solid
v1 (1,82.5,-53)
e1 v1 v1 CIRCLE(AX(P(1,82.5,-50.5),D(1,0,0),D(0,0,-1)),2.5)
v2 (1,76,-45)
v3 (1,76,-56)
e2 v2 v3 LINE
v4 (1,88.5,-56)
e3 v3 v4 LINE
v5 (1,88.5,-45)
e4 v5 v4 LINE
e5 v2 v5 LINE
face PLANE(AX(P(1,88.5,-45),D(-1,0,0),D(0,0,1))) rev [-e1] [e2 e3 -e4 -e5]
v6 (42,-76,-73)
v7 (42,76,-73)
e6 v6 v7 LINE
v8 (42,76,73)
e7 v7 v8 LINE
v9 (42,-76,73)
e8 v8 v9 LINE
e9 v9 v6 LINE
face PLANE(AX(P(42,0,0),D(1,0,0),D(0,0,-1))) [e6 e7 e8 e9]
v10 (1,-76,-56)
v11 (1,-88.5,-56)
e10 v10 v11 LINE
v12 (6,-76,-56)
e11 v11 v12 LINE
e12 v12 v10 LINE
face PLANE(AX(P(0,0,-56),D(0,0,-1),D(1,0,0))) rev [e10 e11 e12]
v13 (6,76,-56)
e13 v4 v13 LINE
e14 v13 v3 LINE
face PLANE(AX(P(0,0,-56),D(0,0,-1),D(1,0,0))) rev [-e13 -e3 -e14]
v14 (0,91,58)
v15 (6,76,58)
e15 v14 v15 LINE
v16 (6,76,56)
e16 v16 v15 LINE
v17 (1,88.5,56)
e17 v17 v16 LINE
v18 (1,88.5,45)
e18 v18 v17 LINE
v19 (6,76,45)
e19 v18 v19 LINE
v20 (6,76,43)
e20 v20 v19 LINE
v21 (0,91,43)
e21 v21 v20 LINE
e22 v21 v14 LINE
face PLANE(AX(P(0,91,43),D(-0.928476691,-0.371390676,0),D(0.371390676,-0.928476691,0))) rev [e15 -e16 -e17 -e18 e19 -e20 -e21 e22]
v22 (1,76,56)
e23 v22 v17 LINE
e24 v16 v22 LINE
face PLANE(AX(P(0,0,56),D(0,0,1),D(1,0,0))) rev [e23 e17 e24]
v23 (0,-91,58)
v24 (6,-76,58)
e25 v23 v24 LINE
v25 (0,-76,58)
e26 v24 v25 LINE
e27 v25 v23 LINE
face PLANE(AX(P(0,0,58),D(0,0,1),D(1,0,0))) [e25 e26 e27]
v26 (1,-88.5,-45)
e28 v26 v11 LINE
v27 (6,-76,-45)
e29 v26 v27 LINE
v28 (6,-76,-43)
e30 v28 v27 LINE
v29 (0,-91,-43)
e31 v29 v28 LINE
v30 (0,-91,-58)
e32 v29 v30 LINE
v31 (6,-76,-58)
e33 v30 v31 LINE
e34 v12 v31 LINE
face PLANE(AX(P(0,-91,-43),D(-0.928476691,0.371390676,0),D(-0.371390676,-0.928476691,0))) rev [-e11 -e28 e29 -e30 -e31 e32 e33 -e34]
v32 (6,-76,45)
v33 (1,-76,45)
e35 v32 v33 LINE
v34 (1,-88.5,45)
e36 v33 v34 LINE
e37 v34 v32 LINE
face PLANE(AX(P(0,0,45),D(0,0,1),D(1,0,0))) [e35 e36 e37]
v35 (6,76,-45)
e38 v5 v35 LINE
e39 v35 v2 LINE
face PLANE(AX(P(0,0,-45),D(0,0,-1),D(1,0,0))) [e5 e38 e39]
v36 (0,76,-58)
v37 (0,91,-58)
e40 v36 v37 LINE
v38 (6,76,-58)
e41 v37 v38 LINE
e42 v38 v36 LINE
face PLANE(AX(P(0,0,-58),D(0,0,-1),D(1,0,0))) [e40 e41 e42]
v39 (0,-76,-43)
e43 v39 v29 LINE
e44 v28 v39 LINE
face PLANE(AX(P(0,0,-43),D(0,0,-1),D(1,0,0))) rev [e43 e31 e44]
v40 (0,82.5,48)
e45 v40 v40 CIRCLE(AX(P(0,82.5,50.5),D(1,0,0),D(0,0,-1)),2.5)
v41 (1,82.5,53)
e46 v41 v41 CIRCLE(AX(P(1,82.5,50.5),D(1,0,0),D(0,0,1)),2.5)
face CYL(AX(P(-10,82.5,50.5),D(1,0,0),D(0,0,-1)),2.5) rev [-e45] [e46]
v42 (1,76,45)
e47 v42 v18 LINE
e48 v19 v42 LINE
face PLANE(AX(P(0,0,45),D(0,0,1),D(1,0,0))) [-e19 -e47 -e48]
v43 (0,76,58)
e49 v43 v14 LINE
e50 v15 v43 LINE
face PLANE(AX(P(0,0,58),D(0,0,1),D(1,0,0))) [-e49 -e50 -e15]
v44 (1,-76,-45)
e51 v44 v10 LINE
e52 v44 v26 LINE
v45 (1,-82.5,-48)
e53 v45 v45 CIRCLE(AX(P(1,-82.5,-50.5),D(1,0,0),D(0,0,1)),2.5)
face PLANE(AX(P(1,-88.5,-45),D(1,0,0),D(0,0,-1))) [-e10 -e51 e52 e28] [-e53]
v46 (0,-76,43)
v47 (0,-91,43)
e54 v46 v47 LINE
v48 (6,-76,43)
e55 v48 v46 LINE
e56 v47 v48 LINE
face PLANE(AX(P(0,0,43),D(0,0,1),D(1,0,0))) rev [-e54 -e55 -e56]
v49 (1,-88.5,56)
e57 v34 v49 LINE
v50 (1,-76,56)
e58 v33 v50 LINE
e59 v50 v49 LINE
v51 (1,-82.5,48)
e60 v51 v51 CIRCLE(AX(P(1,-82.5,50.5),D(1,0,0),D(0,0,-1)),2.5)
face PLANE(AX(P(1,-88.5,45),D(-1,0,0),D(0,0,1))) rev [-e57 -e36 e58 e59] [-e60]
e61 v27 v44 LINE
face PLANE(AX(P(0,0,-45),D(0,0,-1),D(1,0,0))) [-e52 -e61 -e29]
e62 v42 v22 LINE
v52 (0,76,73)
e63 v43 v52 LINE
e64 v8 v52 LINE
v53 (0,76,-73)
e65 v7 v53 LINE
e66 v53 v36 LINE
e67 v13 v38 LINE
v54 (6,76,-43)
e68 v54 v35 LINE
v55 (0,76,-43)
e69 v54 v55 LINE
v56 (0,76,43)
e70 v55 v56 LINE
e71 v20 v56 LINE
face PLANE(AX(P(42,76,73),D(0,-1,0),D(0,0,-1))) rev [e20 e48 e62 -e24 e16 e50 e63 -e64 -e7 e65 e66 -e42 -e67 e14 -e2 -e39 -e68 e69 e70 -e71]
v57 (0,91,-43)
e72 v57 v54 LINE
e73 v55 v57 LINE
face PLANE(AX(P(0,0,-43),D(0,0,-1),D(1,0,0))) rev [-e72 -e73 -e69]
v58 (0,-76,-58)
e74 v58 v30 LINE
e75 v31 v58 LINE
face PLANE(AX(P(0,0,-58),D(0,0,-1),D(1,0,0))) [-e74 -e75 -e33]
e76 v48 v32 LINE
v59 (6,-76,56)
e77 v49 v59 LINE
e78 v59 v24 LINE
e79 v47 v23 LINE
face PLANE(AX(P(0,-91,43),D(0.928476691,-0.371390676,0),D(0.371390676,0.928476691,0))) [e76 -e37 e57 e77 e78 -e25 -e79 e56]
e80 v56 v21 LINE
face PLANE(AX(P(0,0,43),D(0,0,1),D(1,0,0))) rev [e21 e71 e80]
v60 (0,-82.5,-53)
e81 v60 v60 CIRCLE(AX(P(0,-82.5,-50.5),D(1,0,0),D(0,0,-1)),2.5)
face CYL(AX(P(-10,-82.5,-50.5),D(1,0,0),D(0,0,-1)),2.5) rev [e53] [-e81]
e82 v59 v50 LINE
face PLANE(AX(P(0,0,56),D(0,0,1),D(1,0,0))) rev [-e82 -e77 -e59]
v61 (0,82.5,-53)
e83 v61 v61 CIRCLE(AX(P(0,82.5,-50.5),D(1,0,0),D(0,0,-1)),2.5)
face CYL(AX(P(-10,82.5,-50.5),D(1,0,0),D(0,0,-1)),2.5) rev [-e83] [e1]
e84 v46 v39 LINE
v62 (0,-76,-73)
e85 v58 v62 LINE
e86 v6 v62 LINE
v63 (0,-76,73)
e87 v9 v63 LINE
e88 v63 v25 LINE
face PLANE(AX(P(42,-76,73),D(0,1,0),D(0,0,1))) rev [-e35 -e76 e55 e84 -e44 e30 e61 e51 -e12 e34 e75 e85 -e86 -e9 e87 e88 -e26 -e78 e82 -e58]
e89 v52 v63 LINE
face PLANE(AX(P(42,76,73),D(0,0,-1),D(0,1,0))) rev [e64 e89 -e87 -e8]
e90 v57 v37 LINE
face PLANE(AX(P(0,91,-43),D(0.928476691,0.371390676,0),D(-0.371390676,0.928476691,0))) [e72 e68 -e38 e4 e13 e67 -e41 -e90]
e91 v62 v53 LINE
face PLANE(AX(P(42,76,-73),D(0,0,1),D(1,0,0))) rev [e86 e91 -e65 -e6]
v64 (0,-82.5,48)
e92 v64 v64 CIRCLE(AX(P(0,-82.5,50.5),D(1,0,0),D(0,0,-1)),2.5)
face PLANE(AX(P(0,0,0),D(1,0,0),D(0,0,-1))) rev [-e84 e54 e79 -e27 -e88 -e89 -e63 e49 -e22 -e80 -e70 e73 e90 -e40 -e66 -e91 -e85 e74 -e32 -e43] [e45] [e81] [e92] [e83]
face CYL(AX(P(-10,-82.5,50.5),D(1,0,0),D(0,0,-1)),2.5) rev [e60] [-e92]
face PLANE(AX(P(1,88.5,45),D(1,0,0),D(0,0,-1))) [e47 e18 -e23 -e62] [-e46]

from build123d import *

# Parameters (mm, degrees)
SKETCH_1_W            = 146
SKETCH_1_H            = 152
EXTRUDE_1_DEPTH       = 42
EXTRUDE_2_DEPTH       = 15
MIRROR_2_COPY_1_DEPTH = 15
CUT_EXTRUDE_START     = -2
CUT_EXTRUDE_1_DEPTH   = 11
MIRROR_START          = -2
MIRROR_4_COPY_1_DEPTH = 11
SKETCH_4_R            = 2.5
CUT_EXTRUDE_2_DEPTH   = 11


with BuildPart() as part:
    # 草图1 → 凸台-拉伸1 (new body)
    with BuildSketch(Plane(origin=(0, 0, 0), x_dir=(0, 0, -1), z_dir=(1, 0, 0))):
        Rectangle(SKETCH_1_W, SKETCH_1_H)
    extrude(amount=EXTRUDE_1_DEPTH)

    # 草图2 → 凸台-拉伸2 (add)
    with BuildSketch(Plane.XY.offset(58)):
        Polygon((0, -76), (0, -91), (6, -76), align=None)
    extrude_2 = extrude(amount=-EXTRUDE_2_DEPTH)

    # 镜向1: 凸台-拉伸2 across plane
    add(extrude_2.mirror(Plane(origin=(0, 0, 0), x_dir=(0, 0, 1), z_dir=(0, -1, 0))))

    # 镜向2: 凸台-拉伸2 across plane
    add(extrude_2.mirror(Plane(origin=(0, 0, 0), x_dir=(1, 0, 0), z_dir=(0, 0, -1))))

    # 镜向2 copy 1 sketch → 镜向2 copy 1 (add)
    with BuildSketch(Plane(origin=(0, 0, -58), x_dir=(1, 0, 0), z_dir=(0, 0, -1))):
        Polygon((0, -76), (0, -91), (6, -76), align=None)
    extrude(amount=-MIRROR_2_COPY_1_DEPTH)

    # 草图3 → 切除-拉伸1 (cut)
    with BuildSketch(Plane.XY.offset(58).offset(CUT_EXTRUDE_START)):
        Polygon((6, -76), (1, -88.5), (1, -76), align=None)
    cut_extrude_1 = extrude(amount=-CUT_EXTRUDE_1_DEPTH, mode=Mode.SUBTRACT)

    # 镜向3: 切除-拉伸1 across plane
    add(cut_extrude_1.mirror(Plane(origin=(0, 0, 0), x_dir=(1, 0, 0), z_dir=(0, 0, -1))), mode=Mode.SUBTRACT)

    # 镜向4: 切除-拉伸1 across plane
    add(cut_extrude_1.mirror(Plane(origin=(0, 0, 0), x_dir=(0, 0, 1), z_dir=(0, -1, 0))), mode=Mode.SUBTRACT)

    # 镜向4 copy 1 sketch → 镜向4 copy 1 (cut)
    with BuildSketch(Plane(origin=(0, 0, -58), x_dir=(1, 0, 0), z_dir=(0, 0, -1)).offset(MIRROR_START)):
        Polygon((6, -76), (1, -88.5), (1, -76), align=None)
    extrude(amount=-MIRROR_4_COPY_1_DEPTH, mode=Mode.SUBTRACT)

    # 草图4 → 切除-拉伸2 (cut)
    with BuildSketch(Plane(origin=(1, 0, 0), x_dir=(0, 0, -1), z_dir=(1, 0, 0))):
        with Locations((-50.5, -82.5)):
            Circle(SKETCH_4_R)
        with Locations((50.5, -82.5)):
            Circle(SKETCH_4_R)
        with Locations((-50.5, 82.5)):
            Circle(SKETCH_4_R)
        with Locations((50.5, 82.5)):
            Circle(SKETCH_4_R)
    extrude(amount=-CUT_EXTRUDE_2_DEPTH, mode=Mode.SUBTRACT)


solid = part.part
